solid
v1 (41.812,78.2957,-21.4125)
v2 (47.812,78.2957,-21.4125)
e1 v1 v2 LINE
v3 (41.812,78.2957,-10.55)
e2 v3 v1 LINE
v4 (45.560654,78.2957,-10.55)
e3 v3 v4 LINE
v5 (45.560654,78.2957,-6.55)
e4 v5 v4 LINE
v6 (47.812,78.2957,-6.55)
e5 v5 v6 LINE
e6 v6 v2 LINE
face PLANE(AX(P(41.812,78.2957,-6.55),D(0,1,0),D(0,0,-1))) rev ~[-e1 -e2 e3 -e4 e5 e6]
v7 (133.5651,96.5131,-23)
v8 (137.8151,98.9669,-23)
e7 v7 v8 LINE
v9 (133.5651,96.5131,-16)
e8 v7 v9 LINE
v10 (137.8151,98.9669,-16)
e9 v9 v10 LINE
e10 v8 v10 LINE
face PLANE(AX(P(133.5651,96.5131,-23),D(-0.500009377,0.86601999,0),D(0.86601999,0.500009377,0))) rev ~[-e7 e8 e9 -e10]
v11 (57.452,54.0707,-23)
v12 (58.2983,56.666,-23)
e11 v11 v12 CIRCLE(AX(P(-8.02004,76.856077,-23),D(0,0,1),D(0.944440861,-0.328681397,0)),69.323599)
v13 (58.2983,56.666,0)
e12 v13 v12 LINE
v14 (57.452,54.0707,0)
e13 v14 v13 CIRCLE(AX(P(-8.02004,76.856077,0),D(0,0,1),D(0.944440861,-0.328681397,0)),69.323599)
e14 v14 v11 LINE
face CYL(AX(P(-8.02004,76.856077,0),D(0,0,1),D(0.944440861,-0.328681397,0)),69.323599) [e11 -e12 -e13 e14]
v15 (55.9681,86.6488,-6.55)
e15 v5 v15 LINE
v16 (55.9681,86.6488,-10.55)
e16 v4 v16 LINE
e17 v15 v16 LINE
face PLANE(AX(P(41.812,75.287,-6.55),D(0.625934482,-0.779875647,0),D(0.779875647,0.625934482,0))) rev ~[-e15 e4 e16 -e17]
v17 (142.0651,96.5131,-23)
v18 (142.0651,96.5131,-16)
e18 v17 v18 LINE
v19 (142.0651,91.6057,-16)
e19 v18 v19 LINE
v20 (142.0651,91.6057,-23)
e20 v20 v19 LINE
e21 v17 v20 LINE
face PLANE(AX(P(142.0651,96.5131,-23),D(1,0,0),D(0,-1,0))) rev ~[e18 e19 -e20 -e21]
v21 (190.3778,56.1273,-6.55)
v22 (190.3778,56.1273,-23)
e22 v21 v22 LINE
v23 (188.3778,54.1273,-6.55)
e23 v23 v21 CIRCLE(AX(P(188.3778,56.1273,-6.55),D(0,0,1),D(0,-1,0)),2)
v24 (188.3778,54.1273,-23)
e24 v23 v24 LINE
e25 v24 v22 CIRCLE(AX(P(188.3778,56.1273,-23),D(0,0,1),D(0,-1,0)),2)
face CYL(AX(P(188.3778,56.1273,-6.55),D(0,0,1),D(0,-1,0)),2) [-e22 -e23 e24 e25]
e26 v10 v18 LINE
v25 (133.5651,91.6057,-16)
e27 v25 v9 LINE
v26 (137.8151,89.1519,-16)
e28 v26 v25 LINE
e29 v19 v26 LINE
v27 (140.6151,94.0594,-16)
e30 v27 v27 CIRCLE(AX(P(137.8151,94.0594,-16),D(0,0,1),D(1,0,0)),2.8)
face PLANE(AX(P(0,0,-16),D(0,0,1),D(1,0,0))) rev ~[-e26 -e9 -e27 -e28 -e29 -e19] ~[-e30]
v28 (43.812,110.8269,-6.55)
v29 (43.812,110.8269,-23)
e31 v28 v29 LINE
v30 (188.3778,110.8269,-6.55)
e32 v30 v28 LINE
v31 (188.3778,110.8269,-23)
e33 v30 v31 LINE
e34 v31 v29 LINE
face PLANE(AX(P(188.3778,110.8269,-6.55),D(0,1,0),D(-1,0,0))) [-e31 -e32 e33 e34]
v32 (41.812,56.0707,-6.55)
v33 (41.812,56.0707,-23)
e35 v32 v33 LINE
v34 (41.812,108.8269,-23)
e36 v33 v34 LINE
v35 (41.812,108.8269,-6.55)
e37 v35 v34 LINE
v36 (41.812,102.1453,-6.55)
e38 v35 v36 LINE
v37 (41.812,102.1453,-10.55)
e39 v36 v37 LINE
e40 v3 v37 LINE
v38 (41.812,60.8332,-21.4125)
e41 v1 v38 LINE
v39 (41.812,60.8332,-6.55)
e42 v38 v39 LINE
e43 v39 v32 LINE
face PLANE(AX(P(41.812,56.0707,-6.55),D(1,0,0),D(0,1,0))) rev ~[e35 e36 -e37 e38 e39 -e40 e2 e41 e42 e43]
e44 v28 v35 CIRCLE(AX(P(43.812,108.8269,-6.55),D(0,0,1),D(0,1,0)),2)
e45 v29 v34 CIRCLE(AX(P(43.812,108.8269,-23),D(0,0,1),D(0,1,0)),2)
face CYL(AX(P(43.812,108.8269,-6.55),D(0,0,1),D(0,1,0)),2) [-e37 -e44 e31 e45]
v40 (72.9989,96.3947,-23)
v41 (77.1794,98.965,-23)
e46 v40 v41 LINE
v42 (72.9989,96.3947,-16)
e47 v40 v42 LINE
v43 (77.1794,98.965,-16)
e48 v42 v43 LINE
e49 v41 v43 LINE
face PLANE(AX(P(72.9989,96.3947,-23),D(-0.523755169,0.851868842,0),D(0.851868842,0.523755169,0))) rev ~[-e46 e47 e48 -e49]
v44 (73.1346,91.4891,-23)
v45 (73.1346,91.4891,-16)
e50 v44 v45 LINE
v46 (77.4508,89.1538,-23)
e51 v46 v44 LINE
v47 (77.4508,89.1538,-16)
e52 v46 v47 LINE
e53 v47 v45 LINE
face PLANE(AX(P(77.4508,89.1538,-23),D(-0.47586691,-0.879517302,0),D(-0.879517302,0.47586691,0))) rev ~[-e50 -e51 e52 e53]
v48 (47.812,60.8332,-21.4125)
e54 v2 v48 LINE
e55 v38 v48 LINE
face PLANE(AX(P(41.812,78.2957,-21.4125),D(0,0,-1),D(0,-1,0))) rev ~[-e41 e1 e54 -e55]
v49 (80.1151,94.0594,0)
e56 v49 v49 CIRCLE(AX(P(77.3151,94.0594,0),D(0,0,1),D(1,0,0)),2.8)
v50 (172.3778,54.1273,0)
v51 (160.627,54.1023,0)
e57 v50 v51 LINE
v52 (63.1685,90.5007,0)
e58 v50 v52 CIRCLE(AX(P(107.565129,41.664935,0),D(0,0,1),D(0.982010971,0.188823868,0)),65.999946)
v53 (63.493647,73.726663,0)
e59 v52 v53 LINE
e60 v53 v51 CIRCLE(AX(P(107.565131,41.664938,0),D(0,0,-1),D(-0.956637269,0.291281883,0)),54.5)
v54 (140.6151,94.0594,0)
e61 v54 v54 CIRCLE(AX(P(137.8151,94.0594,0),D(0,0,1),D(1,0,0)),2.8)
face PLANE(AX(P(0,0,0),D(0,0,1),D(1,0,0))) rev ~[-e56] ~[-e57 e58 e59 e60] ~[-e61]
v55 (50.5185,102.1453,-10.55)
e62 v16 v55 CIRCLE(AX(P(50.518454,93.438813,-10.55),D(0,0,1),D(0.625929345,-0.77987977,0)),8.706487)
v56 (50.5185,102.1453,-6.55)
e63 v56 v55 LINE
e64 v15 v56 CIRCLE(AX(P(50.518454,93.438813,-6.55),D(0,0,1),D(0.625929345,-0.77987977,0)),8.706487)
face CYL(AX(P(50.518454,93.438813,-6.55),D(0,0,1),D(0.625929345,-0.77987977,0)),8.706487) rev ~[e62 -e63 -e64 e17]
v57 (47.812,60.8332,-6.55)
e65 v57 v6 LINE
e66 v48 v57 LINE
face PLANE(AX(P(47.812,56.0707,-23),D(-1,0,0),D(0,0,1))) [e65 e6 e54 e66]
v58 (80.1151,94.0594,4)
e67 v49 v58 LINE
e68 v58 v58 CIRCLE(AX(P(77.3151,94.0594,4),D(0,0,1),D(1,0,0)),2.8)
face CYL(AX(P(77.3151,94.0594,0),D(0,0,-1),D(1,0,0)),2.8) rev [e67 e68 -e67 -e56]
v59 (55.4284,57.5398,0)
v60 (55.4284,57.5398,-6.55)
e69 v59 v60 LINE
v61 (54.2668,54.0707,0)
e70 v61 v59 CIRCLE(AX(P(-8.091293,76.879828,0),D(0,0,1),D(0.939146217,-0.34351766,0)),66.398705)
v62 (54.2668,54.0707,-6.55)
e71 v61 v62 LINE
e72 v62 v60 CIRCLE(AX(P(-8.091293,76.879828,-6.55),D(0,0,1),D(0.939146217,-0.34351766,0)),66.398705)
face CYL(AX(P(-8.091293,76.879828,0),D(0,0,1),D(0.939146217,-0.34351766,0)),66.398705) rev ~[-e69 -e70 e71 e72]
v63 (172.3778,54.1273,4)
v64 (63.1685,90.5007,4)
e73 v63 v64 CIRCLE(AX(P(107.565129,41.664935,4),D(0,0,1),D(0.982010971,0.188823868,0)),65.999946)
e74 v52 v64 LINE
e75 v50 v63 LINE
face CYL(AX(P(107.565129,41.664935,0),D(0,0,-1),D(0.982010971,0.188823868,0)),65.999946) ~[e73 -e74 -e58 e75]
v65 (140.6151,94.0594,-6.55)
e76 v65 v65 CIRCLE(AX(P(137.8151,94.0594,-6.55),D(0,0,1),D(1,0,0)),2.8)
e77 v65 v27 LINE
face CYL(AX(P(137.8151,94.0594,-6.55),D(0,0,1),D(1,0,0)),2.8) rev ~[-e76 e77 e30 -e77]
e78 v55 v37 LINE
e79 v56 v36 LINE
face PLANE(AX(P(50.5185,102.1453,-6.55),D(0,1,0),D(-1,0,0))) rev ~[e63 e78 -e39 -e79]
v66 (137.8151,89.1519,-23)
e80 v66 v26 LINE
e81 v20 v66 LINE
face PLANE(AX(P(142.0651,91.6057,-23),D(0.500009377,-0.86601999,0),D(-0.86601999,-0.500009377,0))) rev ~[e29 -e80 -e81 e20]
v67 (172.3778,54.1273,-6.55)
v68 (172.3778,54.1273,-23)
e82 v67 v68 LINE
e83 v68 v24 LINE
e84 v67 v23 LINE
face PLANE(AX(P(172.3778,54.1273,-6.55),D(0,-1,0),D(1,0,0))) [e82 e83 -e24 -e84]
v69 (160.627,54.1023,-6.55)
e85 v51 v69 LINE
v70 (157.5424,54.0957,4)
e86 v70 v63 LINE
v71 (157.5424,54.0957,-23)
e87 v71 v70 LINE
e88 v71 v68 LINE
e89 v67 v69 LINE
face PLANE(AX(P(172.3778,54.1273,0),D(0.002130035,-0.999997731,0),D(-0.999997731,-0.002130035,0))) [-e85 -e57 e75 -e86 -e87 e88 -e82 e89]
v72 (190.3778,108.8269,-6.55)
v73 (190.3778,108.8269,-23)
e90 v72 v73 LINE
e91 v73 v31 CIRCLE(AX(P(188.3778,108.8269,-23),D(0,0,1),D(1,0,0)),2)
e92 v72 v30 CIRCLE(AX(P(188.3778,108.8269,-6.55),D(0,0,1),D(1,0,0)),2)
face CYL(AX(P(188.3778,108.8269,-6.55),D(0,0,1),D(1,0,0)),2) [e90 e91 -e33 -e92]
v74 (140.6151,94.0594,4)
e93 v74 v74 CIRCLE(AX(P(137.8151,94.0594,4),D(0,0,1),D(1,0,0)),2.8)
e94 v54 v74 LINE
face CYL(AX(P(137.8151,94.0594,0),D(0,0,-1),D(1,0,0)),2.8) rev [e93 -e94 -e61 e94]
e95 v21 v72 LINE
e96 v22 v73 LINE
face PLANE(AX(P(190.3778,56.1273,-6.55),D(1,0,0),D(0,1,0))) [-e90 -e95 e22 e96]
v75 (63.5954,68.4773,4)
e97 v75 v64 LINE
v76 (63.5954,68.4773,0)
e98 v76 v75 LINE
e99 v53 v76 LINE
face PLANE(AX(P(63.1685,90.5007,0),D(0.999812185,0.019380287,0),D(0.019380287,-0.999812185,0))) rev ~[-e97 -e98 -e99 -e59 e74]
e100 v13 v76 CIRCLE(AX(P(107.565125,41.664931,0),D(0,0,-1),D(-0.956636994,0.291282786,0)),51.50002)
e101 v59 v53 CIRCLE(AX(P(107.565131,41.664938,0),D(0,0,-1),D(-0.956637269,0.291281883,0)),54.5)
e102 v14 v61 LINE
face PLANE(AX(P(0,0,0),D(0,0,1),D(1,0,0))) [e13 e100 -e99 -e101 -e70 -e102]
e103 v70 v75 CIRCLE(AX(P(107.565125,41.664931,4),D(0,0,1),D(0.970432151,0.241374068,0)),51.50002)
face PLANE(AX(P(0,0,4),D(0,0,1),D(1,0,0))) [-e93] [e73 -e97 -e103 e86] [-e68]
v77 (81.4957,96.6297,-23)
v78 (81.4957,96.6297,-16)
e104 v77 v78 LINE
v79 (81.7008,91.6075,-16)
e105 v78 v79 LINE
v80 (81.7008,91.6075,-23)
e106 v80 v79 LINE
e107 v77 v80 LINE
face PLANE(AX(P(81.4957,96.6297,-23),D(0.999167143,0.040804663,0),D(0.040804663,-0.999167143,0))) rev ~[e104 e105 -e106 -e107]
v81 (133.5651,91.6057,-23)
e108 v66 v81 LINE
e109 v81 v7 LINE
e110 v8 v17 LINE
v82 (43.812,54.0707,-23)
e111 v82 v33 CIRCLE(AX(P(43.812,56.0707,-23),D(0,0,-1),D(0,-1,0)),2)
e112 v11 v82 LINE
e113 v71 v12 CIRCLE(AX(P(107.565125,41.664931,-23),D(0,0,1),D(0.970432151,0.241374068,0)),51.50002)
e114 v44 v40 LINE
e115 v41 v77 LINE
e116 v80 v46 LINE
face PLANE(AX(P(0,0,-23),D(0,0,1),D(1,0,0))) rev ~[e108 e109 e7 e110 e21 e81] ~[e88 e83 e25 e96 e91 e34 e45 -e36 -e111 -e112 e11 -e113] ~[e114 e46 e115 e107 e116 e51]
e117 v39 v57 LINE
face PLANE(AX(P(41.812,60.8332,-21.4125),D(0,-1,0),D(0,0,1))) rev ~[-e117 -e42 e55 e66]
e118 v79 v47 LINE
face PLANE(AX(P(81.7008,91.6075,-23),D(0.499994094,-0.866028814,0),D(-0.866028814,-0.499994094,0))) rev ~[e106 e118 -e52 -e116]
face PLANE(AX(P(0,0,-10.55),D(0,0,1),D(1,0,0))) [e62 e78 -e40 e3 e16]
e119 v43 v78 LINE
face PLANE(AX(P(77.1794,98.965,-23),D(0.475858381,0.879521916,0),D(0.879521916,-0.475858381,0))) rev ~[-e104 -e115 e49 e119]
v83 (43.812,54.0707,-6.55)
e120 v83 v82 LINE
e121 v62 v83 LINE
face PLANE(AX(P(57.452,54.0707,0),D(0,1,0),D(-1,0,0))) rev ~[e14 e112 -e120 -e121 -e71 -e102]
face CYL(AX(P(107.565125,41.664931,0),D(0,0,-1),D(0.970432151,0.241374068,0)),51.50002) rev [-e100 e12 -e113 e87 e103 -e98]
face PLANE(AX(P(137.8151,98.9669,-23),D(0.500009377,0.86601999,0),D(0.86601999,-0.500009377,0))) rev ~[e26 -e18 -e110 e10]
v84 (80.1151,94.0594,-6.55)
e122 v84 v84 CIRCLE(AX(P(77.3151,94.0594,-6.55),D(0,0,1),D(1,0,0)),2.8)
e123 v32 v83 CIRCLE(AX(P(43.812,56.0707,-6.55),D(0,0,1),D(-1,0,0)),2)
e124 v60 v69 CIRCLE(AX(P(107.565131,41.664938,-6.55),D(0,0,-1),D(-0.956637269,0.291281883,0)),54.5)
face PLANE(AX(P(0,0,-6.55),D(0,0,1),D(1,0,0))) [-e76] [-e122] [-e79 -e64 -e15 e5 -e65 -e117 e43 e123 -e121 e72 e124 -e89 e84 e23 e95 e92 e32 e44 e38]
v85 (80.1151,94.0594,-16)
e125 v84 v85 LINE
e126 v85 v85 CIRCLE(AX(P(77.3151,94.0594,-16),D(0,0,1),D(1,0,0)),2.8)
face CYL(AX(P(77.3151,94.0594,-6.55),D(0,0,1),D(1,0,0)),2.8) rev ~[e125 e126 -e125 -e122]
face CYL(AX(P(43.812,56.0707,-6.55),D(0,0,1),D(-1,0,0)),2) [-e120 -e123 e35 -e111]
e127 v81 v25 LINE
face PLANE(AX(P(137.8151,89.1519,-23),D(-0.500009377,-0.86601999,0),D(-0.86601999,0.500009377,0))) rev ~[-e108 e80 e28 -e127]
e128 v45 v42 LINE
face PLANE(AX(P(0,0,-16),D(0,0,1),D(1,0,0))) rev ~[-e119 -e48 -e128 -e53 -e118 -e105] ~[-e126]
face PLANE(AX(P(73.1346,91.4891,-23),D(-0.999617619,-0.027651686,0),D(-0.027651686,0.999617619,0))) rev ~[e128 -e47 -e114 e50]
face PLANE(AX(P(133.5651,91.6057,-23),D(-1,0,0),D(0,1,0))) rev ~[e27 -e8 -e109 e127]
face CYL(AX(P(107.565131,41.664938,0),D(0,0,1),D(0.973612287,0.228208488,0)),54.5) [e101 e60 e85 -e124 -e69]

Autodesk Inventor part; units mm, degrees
ref_plane "YZ Plane" through (0, 0, 0) normal (1, 0, 0) x (0, 1, 0)
ref_plane "XZ Plane" through (0, 0, 0) normal (0, 1, 0) x (-1, 0, 0)
sketch "Sketch1" plane through (0, 0, 0) normal (0, 0, 1) x (1, 0, 0)
  arc A0 (162.0167, 39.368) -> (161.237, 51.1295) centre (107.5651, 41.6649) ccw construction
  line L0 (41.1768, 101.6649) -> (144.3643, 101.6649) construction
  circle A1 centre (63.4018, 101.6649) radius 1.75 construction
  line L1 (63.4018, 133.6649) -> (63.4018, 101.6649) construction
  circle A2 centre (107.4018, 101.6649) radius 1.75 construction
  circle A3 centre (151.4018, 101.6649) radius 1.75 construction
  line L2 (151.4018, 133.6649) -> (151.4018, 101.6649) construction
  circle A4 centre (107.5651, 41.6649) radius 50.5415 construction
  line L3 (52.1155, 51.1295) -> (173.6061, 51.1295) construction
  arc A5 (54.2668, 54.0707) -> (55.4284, 57.5398) centre (-8.1112, 76.8868) ccw
  arc A6 (160.627, 54.1023) -> (55.4284, 57.5398) centre (107.5651, 41.6649) ccw
  arc A7 (57.452, 54.0707) -> (58.2983, 56.666) centre (-8.1112, 76.8868) ccw
  arc A8 (157.5424, 54.0957) -> (58.2983, 56.666) centre (107.5651, 41.6649) ccw
  line L4 (172.3778, 54.1273) -> (157.5424, 54.0957)
  line L5 (57.452, 54.0707) -> (43.812, 54.0707)
  arc A9 (172.3778, 54.1273) -> (42.7416, 54.0707) centre (107.5651, 41.6649) ccw
  circle A10 centre (77.3151, 94.0594) radius 2.8
  line L6 (107.5651, 41.6649) -> (77.3151, 94.0594) construction
  line L7 (107.5651, 41.6649) -> (140.5651, 98.8225) construction
  circle A11 centre (137.8151, 94.0594) radius 2.8
  line L8 (63.1685, 103.3992) -> (63.1685, 99.9305)
  line L9 (63.1685, 90.5007) -> (63.5954, 68.4773)
  line L10 (47.625, 54.0707) -> (47.625, 69.2906)
  line L11 (77.1794, 98.965) -> (81.4957, 96.6297)
  line L12 (81.4957, 96.6297) -> (81.7008, 91.6075)
  line L13 (81.7008, 91.6075) -> (77.4508, 89.1538)
  line L14 (77.4508, 89.1538) -> (73.1346, 91.4891)
  line L15 (73.1346, 91.4891) -> (72.9989, 96.3947)
  line L16 (72.9989, 96.3947) -> (77.1794, 98.965)
  line L17 (137.8151, 89.1519) -> (133.5651, 91.6057)
  line L18 (133.5651, 91.6057) -> (133.5651, 96.5131)
  line L19 (133.5651, 96.5131) -> (137.8151, 98.9669)
  line L20 (137.8151, 98.9669) -> (142.0651, 96.5131)
  line L21 (142.0651, 96.5131) -> (142.0651, 91.6057)
  line L22 (142.0651, 91.6057) -> (137.8151, 89.1519)
  line L23 (41.1685, 300.9746) -> (41.1685, 51.9316)
  line L24 (172.3778, 54.1273) -> (188.3778, 54.1273)
  line L25 (172.3778, 54.1273) -> (188.3778, 54.1273) construction
  line L26 (190.3778, 56.1273) -> (190.3778, 108.8269)
  line L27 (188.3778, 110.8269) -> (43.812, 110.8269)
  line L28 (41.812, 56.0707) -> (41.812, 108.8269)
  arc A12 (41.812, 56.0707) -> (43.812, 54.0707) centre (43.812, 56.0707) ccw
  arc A13 (43.812, 110.8269) -> (41.812, 108.8269) centre (43.812, 108.8269) ccw
  arc A14 (190.3778, 108.8269) -> (188.3778, 110.8269) centre (188.3778, 108.8269) ccw
  arc A15 (188.3778, 54.1273) -> (190.3778, 56.1273) centre (188.3778, 56.1273) ccw
  arc A16 (55.9681, 86.6488) -> (50.5185, 102.1453) centre (50.5185, 93.4388) ccw
  line L29 (50.5185, 102.1453) -> (41.812, 102.1453)
  line L30 (41.812, 75.287) -> (55.9681, 86.6488)
  circle A17 centre (50.5185, 93.4388) radius 4.75
  point P0 (0, 0)
  point P1 (107.4018, 133.6649)
  point P2 (190.3778, 54.1273)
  dimension "d18" = 54.5
  dimension "d21" = 3.5
  dimension "d23" = 3.5
  dimension "d24" = 3.5
  dimension "d28" = 60
  dimension "d29" = 3
  dimension "d30" = 5.6
  dimension "d31" = 60.5
  dimension "d32" = 132
  dimension "d33" = 60
  dimension "d34" = 60
  dimension "d35" = 5.6
  dimension "d36" = 60.5
  dimension "d42" = 54.5
  dimension "d49" = 8.5
  dimension "d50" = 8.5
  dimension "d53" = 18
  dimension "d54" = 0
  dimension "d55" = 2
extrude "Extrusion1" add sketch "Sketch1" along normal blind 4 contours L9 A9 L4 A6 | A6 L4 A8 L9 | L11 L12 L13 L14 L15 L16 | L17 L18 L19 L20 L21 L22
extrude "Extrusion2" add sketch "Sketch1" against normal blind 23 contours A5 A6 L9 A8 A7 L5 | A6 L4 A8 L9
ref_plane "Work Plane1" through (0, 0, -6.55) normal (0, 0, -1) x (-1, 0, 0)
extrude "Extrusion3" add sketch "Sketch1" against normal up to surface (16.45 mm away) from surface at -6.55 contours L5 L10 A9 L9 A6 A5 | L5 A12 A9 L10 | L9 A9 L4 A6 | A9 A12 L28 L30 A16 L29 A13 L27 A14 L26 A15 L24 | L28 L29 A16 L30 | L11 L12 L13 L14 L15 L16 | L17 L18 L19 L20 L21 L22 | A17
extrude "Extrusion5" cut sketch "Sketch1" along normal blind 7 from surface at -23 contours L11 L12 L13 L14 L15 L16 | L17 L18 L19 L20 L21 L22
sketch "Sketch3" plane through (41.812, 56.0707, -23) normal (-1, 0, 0) x (0, 0, 1)
  circle A0 centre (7.5, 13.7262) radius 3 projected
  line L0 (16.45, 22.225) -> (1.5875, 22.225)
  line L1 (1.5875, 22.225) -> (1.5875, 4.7625)
  line L2 (1.5875, 4.7625) -> (16.45, 4.7625)
  line L3 (16.45, 4.7625) -> (16.45, 22.225)
  line L4 (16.45, 52.7561) -> (16.45, 0) projected
  point P0 (23, -56.0707)
extrude "Extrusion6" cut sketch "Sketch3" against normal blind 6 contours A0 | L3 L2 L1 L0
extrude "Extrusion7" cut sketch "Sketch1" against normal blind 4 from surface at -6.55 contours L28 L29 A16 L30 | A17
equation "\"d36\" = d31"
properties part number "Intake Shroud"
